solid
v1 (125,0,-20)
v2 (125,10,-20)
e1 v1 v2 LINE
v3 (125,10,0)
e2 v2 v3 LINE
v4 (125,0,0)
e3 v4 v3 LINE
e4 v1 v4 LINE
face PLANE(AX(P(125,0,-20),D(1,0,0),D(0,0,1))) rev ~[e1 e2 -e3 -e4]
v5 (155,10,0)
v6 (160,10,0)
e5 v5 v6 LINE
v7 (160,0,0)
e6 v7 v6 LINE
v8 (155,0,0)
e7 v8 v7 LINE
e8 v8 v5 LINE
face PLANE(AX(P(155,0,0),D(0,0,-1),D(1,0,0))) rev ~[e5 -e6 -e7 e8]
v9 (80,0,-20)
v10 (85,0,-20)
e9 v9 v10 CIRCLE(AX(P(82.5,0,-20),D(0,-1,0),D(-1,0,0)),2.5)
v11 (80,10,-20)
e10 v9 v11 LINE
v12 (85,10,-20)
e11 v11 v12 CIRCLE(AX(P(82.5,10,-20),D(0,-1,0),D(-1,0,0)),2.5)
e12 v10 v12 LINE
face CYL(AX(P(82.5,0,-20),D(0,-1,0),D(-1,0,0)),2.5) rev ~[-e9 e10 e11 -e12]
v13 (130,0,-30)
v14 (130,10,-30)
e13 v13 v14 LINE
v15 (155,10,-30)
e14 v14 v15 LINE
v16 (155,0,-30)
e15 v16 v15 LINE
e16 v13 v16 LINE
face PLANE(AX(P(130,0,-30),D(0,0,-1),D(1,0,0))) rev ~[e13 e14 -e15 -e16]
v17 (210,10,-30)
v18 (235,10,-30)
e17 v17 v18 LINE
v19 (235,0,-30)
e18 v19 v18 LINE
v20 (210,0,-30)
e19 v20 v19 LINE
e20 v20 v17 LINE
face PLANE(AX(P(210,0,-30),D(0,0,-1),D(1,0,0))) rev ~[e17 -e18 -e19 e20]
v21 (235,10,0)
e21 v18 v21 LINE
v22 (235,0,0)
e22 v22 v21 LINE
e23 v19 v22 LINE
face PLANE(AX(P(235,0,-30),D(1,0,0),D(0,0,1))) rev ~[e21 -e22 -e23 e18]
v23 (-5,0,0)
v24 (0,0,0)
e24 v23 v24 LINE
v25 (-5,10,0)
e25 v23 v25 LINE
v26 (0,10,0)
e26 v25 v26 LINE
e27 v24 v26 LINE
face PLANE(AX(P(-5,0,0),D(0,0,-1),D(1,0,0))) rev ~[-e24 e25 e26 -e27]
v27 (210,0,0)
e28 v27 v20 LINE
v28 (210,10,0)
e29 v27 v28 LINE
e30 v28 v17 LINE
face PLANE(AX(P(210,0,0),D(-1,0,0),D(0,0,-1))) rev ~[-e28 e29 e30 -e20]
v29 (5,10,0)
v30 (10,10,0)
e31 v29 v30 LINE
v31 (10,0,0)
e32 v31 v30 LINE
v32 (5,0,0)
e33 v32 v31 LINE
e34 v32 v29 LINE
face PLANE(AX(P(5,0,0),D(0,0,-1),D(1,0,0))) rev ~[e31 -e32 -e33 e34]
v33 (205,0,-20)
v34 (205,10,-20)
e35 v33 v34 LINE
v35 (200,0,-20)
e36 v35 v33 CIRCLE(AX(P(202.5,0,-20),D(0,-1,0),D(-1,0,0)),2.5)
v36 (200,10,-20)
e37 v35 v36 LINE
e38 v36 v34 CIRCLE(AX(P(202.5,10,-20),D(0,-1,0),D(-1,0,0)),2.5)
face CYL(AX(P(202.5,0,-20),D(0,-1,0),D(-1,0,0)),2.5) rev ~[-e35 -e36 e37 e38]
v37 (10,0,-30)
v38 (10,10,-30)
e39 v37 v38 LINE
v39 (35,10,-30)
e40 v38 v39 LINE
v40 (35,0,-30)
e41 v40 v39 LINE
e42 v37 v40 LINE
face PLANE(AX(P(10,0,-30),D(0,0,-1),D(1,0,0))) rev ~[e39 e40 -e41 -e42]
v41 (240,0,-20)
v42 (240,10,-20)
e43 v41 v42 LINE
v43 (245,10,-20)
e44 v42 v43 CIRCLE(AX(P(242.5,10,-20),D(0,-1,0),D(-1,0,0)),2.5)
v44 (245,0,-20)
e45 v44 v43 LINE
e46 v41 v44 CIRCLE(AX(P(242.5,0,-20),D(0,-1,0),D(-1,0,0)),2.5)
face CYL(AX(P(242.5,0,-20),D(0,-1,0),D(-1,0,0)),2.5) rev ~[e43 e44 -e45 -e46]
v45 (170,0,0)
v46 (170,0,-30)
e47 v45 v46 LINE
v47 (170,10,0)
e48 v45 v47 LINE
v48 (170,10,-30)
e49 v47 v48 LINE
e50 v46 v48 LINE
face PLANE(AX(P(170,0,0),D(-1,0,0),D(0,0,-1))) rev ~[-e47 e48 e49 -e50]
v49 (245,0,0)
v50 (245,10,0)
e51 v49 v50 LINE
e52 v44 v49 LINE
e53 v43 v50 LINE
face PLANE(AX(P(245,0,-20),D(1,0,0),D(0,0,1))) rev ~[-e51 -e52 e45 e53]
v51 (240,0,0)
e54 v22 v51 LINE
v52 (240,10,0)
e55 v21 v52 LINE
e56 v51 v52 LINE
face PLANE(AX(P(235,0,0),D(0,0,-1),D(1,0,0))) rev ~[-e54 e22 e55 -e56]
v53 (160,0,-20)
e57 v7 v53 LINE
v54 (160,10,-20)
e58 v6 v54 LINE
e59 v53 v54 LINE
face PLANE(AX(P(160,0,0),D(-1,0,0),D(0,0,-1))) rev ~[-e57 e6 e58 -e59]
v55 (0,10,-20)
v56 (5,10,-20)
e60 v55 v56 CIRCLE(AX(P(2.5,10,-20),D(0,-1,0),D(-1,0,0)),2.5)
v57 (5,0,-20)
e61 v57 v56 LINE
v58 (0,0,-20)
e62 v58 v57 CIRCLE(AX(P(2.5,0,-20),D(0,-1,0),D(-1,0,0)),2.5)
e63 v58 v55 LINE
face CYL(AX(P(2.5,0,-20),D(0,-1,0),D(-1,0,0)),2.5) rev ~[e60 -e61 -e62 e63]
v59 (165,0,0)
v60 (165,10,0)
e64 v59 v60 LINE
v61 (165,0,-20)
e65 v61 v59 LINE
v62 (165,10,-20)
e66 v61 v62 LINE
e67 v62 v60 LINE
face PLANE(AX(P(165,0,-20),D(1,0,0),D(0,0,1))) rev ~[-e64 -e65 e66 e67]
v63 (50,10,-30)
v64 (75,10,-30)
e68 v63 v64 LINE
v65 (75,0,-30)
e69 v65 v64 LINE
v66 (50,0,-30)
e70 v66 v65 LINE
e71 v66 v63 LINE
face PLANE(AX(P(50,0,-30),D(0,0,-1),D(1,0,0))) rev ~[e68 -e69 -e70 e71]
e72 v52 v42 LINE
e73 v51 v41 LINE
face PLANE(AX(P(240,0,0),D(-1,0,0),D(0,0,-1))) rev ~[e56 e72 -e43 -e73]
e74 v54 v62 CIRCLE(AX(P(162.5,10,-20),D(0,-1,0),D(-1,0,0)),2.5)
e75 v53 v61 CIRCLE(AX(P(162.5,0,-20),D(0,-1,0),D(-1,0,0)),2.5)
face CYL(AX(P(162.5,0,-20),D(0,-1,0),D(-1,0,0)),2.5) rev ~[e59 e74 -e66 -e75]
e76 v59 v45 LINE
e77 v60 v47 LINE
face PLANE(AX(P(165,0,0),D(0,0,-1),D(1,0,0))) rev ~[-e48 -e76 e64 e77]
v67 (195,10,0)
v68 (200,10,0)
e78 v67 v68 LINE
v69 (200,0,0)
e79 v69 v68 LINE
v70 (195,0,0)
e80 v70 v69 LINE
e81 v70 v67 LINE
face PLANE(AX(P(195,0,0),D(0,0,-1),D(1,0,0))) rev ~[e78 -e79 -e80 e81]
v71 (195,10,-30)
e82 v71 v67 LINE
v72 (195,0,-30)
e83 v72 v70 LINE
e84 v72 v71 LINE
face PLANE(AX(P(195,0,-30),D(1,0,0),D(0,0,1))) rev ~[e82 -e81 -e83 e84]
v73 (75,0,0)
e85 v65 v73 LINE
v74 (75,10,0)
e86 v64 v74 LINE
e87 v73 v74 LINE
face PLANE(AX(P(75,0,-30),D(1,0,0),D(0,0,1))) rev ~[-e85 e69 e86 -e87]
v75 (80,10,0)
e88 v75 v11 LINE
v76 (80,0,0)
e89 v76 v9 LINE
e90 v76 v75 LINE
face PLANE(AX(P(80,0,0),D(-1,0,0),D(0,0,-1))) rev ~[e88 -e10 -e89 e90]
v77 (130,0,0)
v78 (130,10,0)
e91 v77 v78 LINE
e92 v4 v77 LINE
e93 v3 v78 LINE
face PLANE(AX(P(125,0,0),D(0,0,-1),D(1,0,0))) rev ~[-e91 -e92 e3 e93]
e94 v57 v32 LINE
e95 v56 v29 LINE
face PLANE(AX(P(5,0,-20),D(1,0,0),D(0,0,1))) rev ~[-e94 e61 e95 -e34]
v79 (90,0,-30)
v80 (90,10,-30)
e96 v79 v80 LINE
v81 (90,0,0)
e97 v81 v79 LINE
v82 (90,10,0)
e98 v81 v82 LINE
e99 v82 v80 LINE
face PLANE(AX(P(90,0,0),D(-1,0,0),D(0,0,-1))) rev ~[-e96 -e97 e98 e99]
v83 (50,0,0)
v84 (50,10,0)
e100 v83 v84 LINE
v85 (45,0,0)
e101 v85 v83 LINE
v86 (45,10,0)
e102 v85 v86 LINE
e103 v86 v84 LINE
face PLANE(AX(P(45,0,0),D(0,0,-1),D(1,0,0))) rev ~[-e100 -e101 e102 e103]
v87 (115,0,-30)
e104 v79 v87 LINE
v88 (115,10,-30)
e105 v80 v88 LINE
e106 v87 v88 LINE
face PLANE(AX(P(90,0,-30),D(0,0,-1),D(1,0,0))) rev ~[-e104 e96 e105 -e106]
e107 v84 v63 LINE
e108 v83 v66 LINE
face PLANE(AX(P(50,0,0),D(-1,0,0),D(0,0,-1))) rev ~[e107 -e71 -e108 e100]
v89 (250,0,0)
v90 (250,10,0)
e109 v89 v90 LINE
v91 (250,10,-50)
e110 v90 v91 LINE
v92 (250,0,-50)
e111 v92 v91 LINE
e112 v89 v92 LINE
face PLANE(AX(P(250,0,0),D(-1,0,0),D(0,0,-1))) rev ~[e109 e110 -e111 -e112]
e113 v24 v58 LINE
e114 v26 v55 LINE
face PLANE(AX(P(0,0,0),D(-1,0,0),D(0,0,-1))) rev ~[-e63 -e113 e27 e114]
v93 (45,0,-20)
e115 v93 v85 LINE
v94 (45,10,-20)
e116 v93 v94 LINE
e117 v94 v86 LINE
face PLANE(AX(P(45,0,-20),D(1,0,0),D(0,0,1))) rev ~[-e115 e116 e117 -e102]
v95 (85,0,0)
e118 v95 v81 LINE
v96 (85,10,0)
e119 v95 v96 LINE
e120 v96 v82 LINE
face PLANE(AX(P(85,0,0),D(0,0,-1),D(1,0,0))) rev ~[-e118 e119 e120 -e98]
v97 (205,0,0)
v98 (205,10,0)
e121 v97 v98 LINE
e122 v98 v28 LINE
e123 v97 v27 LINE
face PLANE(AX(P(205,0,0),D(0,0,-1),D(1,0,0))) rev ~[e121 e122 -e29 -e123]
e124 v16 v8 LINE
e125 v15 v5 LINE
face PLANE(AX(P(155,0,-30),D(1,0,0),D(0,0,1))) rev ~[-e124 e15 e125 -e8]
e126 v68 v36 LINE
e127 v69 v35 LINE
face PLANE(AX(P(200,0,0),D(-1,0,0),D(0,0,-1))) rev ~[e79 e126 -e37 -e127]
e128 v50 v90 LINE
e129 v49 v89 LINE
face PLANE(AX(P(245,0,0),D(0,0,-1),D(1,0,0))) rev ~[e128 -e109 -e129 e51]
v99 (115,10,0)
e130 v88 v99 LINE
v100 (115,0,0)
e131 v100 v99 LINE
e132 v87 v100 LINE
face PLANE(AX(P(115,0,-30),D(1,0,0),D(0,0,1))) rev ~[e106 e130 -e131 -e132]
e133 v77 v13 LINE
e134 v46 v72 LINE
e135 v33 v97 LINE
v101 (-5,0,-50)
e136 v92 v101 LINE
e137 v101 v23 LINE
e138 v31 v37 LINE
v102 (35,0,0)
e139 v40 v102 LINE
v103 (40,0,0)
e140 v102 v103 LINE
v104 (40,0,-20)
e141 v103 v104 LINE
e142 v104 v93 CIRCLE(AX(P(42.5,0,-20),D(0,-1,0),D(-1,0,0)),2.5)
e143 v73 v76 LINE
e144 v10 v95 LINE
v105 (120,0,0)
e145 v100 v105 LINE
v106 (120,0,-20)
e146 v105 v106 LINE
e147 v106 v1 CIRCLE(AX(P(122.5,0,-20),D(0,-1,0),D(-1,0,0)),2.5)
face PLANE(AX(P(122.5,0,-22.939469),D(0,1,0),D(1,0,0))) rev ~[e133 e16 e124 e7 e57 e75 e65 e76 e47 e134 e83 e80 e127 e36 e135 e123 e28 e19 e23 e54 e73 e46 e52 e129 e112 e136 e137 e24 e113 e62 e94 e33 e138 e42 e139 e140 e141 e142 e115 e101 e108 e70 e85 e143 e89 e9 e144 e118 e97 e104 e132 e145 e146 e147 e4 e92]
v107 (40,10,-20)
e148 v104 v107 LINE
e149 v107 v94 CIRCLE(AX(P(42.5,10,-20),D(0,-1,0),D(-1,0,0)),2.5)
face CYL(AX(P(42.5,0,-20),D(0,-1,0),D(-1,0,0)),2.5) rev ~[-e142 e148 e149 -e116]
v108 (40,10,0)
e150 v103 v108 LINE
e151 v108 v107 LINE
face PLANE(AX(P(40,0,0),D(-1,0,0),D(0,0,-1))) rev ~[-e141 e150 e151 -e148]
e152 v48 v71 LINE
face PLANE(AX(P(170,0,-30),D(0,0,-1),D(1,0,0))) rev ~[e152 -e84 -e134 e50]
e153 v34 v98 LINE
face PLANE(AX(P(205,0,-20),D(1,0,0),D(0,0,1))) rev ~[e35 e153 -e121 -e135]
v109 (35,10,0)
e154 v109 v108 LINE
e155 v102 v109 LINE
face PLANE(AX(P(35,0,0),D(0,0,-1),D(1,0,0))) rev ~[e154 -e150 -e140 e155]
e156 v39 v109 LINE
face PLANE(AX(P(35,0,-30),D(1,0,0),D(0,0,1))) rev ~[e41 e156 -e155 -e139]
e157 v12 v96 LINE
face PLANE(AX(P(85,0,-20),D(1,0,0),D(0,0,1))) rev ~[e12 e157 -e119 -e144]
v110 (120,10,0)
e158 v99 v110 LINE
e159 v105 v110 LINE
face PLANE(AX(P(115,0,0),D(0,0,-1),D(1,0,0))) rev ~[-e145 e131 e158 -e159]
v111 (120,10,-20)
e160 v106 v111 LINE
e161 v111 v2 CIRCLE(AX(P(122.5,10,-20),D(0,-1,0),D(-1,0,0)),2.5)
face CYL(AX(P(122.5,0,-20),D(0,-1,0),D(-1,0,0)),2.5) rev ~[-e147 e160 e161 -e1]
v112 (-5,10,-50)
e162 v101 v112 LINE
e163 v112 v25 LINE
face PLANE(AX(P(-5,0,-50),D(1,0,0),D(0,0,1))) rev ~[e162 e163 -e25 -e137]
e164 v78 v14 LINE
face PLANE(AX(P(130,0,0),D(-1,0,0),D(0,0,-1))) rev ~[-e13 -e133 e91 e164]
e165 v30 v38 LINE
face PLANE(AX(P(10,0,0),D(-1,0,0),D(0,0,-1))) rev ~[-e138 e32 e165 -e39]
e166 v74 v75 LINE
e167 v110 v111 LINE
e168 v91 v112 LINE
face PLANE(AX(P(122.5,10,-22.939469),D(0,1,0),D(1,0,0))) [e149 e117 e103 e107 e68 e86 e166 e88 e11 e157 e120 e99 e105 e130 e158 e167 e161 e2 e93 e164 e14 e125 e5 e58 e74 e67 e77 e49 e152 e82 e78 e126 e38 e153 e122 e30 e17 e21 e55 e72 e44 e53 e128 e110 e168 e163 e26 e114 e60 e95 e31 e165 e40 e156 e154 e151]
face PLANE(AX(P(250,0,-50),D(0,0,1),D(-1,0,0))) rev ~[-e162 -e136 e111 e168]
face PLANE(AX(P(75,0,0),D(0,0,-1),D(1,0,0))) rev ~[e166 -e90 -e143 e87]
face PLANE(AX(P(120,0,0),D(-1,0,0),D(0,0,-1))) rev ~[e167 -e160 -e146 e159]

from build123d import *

# Parameters (mm, degrees)
BOSS_EXTRUDE1_DEPTH = 10


with BuildPart() as part:
    # Sketch1 → Boss-Extrude1 (new body)
    with BuildSketch(Plane(origin=(0, 0, 0), x_dir=(1, 0, 0), z_dir=(0, 1, 0))):
        with BuildLine():
            Line((0, 0), (0, 20))
            ThreePointArc((0, 20), (2.5, 22.5), (5, 20))
            Line((5, 20), (5, 0))
            Line((5, 0), (10, 0))
            Line((10, 0), (10, 30))
            Line((10, 30), (35, 30))
            Line((35, 30), (35, 0))
            Line((35, 0), (40, 0))
            Line((40, 0), (40, 20))
            ThreePointArc((40, 20), (42.5, 22.5), (45, 20))
            Line((45, 20), (45, 0))
            Line((45, 0), (50, 0))
            Line((50, 0), (50, 30))
            Line((50, 30), (75, 30))
            Line((75, 30), (75, 0))
            Line((75, 0), (80, 0))
            Line((80, 0), (80, 20))
            ThreePointArc((80, 20), (82.5, 22.5), (85, 20))
            Line((85, 20), (85, 0))
            Line((85, 0), (90, 0))
            Line((90, 0), (90, 30))
            Line((90, 30), (115, 30))
            Line((115, 30), (115, 0))
            Line((115, 0), (120, 0))
            Line((120, 0), (120, 20))
            ThreePointArc((120, 20), (122.5, 22.5), (125, 20))
            Line((125, 20), (125, 0))
            Line((125, 0), (130, 0))
            Line((130, 0), (130, 30))
            Line((130, 30), (155, 30))
            Line((155, 30), (155, 0))
            Line((155, 0), (160, 0))
            Line((160, 0), (160, 20))
            ThreePointArc((160, 20), (162.5, 22.5), (165, 20))
            Line((165, 20), (165, 0))
            Line((165, 0), (170, 0))
            Line((170, 0), (170, 30))
            Line((170, 30), (195, 30))
            Line((195, 30), (195, 0))
            Line((195, 0), (200, 0))
            Line((200, 0), (200, 20))
            ThreePointArc((200, 20), (202.5, 22.5), (205, 20))
            Line((205, 20), (205, 0))
            Line((205, 0), (210, 0))
            Line((210, 0), (210, 30))
            Line((210, 30), (235, 30))
            Line((235, 30), (235, 0))
            Line((235, 0), (240, 0))
            Line((240, 0), (240, 20))
            ThreePointArc((240, 20), (242.5, 22.5), (245, 20))
            Line((245, 20), (245, 0))
            Line((245, 0), (250, 0))
            Line((250, 0), (250, 30))
            Line((250, 30), (250, 50))
            Line((250, 50), (-5, 50))
            Line((-5, 50), (-5, 30))
            Line((-5, 30), (-5, 0))
            Line((-5, 0), (0, 0))
        make_face()
    extrude(amount=BOSS_EXTRUDE1_DEPTH)


solid = part.part
